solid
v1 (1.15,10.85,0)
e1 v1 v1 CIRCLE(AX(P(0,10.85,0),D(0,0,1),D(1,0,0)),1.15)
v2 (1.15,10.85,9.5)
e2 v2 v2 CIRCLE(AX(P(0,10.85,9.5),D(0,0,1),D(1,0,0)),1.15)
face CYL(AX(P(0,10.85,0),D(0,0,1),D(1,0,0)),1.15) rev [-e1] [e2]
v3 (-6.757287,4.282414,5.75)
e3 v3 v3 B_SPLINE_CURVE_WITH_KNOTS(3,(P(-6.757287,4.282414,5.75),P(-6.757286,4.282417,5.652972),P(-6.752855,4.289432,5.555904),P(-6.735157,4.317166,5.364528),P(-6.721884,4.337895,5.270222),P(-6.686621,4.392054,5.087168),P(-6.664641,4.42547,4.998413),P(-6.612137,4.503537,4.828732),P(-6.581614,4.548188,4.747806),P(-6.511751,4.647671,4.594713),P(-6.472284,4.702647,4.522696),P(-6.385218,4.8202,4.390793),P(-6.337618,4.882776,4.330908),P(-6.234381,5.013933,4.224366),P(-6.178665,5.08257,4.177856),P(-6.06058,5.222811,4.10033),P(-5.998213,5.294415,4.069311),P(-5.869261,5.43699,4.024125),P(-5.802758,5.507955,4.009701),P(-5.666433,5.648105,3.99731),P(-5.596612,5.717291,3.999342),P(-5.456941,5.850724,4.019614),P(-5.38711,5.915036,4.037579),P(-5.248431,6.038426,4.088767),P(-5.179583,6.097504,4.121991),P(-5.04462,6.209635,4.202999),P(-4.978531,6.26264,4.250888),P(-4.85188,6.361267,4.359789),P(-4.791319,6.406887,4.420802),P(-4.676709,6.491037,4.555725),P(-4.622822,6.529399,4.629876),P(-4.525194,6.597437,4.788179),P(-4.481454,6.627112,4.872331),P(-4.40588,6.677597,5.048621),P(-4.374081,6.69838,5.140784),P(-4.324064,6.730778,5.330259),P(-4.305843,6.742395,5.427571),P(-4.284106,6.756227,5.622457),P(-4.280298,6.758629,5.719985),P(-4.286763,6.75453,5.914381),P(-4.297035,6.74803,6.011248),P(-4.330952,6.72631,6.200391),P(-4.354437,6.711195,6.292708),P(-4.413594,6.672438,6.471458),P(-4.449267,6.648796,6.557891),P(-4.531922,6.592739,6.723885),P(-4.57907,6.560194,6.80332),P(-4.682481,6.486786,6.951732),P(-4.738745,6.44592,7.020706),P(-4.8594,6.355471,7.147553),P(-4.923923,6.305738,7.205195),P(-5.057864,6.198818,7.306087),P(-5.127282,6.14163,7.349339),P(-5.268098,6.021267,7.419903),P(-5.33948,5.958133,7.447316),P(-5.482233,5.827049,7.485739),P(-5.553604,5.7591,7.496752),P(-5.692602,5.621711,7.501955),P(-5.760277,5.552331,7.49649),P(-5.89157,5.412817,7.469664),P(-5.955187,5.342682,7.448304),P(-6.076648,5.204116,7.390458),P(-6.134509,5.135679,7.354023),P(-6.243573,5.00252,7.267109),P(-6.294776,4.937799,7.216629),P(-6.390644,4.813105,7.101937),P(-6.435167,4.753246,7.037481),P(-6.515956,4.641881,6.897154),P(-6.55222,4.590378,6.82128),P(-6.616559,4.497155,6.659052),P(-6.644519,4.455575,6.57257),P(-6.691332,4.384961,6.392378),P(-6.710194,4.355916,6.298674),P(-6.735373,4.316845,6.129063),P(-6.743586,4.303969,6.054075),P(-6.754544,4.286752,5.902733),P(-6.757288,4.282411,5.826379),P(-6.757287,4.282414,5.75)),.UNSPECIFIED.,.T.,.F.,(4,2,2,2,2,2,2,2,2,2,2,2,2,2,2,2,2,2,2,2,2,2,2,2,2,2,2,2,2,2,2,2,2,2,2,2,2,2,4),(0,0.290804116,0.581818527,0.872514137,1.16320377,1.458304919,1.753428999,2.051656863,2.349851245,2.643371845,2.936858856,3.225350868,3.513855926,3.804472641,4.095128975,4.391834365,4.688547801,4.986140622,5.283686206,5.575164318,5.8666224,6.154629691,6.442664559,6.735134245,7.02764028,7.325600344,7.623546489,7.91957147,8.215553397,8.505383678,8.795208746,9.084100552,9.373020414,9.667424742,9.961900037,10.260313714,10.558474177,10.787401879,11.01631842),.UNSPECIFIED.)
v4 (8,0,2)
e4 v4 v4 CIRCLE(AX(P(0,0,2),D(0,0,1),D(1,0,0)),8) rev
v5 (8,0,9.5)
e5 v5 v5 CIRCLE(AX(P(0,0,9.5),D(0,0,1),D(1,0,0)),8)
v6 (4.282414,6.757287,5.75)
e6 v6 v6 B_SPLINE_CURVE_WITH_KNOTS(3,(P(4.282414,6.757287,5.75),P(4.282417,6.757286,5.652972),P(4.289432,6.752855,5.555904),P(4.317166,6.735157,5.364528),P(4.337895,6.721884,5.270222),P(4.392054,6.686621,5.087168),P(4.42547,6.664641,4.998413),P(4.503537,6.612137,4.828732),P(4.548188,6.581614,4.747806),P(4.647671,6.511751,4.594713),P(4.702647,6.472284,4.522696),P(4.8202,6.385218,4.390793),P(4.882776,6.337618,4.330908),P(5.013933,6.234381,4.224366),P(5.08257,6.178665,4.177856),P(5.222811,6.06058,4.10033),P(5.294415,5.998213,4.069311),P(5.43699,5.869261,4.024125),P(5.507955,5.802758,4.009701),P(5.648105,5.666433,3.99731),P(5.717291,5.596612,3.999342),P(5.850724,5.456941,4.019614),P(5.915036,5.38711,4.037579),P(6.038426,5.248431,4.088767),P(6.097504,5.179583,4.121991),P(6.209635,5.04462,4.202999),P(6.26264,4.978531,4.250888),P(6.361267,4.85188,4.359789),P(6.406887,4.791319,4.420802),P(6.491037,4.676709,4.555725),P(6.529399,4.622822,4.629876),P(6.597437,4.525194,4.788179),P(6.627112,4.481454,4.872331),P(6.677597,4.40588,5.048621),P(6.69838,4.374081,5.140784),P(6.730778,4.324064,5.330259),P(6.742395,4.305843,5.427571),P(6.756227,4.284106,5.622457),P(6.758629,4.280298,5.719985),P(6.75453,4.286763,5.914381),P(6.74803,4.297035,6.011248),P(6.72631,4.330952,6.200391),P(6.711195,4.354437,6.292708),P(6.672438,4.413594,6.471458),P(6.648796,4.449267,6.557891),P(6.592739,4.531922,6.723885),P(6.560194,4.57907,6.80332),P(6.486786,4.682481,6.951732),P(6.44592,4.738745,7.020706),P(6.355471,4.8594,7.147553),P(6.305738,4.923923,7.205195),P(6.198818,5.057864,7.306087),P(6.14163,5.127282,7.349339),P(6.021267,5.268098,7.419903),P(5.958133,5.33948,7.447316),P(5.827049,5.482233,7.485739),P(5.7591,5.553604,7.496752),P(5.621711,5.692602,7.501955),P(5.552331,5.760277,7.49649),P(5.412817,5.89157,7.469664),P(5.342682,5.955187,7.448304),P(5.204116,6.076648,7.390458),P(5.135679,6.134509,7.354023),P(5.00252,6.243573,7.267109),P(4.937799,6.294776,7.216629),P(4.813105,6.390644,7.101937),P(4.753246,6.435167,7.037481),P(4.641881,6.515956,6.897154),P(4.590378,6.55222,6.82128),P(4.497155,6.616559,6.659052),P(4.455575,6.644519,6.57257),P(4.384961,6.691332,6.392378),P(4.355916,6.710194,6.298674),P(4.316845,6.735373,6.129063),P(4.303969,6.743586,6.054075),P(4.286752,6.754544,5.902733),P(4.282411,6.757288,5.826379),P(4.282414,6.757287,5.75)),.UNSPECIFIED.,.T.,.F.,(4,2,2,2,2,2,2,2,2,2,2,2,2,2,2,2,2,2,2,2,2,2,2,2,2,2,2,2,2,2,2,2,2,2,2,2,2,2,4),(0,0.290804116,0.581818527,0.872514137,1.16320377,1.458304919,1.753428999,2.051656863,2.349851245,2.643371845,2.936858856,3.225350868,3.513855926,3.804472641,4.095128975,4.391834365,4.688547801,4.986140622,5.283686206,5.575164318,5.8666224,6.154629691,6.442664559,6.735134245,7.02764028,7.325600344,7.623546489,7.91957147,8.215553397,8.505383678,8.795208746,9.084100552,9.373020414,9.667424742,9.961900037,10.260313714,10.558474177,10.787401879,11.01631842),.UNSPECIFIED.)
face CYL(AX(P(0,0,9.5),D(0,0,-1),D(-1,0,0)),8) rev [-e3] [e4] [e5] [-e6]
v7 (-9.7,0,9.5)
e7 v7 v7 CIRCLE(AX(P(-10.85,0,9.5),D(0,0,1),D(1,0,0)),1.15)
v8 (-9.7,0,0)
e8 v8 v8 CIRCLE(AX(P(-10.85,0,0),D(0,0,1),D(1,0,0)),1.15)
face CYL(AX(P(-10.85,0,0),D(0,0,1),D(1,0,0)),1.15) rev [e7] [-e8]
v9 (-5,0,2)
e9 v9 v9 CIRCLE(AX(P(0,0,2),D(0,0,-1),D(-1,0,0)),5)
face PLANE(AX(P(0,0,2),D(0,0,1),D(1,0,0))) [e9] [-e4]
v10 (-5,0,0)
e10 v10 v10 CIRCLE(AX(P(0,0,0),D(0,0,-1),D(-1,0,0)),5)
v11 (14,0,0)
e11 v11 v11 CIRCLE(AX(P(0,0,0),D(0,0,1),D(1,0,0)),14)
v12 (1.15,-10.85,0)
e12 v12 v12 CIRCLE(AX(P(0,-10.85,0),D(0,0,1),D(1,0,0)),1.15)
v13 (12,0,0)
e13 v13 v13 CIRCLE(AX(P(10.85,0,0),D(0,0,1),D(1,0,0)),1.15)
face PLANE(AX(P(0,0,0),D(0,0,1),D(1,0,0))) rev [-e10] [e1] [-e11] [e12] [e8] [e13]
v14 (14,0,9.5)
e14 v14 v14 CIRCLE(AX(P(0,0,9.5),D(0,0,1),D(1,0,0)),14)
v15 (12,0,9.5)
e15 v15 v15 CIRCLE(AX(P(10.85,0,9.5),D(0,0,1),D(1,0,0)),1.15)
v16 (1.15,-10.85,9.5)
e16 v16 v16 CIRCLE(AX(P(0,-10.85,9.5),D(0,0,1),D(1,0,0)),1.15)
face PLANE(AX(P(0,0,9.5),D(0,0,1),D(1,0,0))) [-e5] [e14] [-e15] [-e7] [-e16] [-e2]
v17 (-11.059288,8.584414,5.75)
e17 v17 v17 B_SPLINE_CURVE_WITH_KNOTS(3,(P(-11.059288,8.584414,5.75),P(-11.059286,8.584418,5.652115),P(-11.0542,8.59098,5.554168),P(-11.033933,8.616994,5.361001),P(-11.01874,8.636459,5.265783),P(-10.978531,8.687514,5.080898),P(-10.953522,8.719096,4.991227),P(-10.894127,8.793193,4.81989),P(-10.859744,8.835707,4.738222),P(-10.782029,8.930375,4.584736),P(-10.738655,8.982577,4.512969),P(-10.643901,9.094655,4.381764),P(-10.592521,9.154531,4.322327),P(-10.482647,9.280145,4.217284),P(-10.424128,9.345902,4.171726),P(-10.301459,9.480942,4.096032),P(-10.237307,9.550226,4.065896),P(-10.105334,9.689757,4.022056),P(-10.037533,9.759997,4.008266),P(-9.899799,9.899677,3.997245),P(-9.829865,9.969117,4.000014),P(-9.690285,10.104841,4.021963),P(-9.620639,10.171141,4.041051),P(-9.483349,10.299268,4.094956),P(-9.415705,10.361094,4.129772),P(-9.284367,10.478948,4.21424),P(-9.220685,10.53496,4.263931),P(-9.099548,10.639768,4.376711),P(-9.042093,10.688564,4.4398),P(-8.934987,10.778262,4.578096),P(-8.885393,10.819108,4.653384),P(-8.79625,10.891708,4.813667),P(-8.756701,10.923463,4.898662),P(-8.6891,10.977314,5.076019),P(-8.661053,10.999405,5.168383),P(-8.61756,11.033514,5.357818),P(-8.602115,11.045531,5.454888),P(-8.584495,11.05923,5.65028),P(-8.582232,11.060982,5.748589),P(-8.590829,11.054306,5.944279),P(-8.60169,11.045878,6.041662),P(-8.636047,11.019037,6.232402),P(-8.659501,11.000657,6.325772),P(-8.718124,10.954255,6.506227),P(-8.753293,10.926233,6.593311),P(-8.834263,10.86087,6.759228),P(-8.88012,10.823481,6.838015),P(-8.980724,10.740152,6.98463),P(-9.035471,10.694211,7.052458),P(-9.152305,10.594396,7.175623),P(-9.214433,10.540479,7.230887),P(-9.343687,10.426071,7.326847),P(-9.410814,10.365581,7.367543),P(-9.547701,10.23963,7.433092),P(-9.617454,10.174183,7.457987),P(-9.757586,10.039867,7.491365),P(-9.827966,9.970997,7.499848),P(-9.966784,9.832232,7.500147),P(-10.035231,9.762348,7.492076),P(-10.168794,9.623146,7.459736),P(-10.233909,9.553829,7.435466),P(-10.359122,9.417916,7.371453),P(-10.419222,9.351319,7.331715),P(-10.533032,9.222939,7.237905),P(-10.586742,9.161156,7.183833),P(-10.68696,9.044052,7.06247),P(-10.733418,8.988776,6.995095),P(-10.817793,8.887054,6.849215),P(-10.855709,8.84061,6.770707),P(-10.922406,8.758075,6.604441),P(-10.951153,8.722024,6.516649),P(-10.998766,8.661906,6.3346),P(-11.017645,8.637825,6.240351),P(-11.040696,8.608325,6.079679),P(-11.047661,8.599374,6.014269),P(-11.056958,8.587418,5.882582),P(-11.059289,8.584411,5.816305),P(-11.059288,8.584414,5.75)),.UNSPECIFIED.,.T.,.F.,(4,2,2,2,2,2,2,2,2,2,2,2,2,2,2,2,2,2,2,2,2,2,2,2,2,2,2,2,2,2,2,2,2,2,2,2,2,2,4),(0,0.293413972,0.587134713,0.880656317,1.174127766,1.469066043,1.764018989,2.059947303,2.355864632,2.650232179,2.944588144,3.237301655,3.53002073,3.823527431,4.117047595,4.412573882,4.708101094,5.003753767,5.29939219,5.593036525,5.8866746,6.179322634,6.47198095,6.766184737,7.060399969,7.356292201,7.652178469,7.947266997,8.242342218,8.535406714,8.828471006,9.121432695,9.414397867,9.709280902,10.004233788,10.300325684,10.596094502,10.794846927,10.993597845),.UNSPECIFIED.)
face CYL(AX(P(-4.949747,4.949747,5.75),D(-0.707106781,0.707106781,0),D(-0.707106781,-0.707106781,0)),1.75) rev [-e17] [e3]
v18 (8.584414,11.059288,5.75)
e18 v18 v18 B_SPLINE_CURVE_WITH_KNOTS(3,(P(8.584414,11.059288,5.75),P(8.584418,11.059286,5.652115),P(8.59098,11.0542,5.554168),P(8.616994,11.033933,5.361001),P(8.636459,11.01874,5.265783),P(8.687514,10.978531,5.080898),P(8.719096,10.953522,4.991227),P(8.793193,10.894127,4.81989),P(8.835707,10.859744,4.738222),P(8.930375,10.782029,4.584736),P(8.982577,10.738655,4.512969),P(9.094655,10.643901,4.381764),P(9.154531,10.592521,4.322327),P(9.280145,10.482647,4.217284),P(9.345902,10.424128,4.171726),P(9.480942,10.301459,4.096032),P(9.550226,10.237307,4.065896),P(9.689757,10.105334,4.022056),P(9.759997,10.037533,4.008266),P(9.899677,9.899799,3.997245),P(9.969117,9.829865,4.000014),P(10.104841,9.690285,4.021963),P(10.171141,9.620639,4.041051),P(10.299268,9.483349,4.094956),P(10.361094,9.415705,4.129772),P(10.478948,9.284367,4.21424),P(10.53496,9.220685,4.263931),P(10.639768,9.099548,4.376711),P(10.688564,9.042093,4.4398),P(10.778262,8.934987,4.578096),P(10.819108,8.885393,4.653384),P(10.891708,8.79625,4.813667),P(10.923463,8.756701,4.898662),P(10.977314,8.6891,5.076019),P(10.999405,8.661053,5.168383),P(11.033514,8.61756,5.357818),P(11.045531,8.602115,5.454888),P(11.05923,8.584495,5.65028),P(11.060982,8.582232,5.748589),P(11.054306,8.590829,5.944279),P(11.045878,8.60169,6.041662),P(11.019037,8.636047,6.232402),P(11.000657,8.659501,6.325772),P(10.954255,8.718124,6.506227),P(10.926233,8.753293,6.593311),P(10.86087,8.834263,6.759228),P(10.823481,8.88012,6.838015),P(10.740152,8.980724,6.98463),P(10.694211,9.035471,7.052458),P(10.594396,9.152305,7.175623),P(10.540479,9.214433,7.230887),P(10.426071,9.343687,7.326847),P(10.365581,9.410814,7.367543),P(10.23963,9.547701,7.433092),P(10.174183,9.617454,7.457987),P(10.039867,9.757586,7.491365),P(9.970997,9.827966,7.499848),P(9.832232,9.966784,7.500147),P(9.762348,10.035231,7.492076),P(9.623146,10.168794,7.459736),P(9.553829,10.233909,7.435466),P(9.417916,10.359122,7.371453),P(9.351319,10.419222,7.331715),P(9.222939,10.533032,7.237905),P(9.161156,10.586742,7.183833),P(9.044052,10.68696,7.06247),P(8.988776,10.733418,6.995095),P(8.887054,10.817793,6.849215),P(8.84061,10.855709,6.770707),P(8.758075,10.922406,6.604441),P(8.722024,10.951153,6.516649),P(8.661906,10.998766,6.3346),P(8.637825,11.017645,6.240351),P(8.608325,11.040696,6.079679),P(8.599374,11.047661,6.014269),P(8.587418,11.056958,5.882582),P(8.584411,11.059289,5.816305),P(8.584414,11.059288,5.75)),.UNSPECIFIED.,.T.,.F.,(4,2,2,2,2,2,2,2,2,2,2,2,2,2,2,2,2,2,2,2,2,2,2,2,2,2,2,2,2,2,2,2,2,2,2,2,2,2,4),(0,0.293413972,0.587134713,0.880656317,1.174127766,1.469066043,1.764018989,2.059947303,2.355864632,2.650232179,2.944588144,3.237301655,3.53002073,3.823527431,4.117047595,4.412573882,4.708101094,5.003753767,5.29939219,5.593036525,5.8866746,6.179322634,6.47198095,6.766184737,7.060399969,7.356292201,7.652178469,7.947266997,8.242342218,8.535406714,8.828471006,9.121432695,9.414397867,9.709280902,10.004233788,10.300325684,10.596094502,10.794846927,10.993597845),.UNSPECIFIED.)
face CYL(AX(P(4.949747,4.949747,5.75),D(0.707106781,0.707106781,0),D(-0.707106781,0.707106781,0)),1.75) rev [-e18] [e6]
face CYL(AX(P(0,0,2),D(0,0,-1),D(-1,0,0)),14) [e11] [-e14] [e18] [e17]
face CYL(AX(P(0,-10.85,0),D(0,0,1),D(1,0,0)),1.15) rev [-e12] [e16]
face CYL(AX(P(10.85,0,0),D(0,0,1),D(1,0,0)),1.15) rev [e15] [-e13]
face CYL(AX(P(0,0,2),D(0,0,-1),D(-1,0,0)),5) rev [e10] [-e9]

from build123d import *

# Parameters (mm, degrees)
SKETCH1_R           = 14
BOSS_EXTRUDE1_DEPTH = 2
SKETCH2_R           = 14
SKETCH2_R_2         = 8
BOSS_EXTRUDE2_DEPTH = 7.5
SKETCH3_R           = 5
CUT_EXTRUDE1_DEPTH  = 2
SKETCH5_R           = 1.15
CUT_EXTRUDE2_DEPTH  = 22.960191256
SKETCH7_R           = 1.75
CUT_EXTRUDE3_DEPTH  = 7
SKETCH9_R           = 1.75
CUT_EXTRUDE4_DEPTH  = 7


with BuildPart() as part:
    # Sketch1 → Boss-Extrude1 (new body)
    with BuildSketch(Plane.XY):
        Circle(SKETCH1_R)
    extrude(amount=BOSS_EXTRUDE1_DEPTH)

    # Sketch2 → Boss-Extrude2 (add)
    with BuildSketch(Plane.XY.offset(2)):
        Circle(SKETCH2_R)
        Circle(SKETCH2_R_2, mode=Mode.SUBTRACT)
    extrude(amount=BOSS_EXTRUDE2_DEPTH)

    # Sketch3 → Cut-Extrude1 (cut)
    with BuildSketch(Plane(origin=(0, 0, 0), x_dir=(-1, 0, 0), z_dir=(0, 0, -1))):
        Circle(SKETCH3_R)
    extrude(amount=-CUT_EXTRUDE1_DEPTH, mode=Mode.SUBTRACT)

    # Sketch5 → Cut-Extrude2 (cut, through all)
    with BuildSketch(Plane.XY.offset(9.5)):
        with Locations((0, 10.85)):
            Circle(SKETCH5_R)
        with Locations((10.85, 0)):
            Circle(SKETCH5_R)
        with Locations((0, -10.85)):
            Circle(SKETCH5_R)
        with Locations((-10.85, 0)):
            Circle(SKETCH5_R)
    extrude(amount=-CUT_EXTRUDE2_DEPTH, mode=Mode.SUBTRACT)

    # Sketch7 → Cut-Extrude3 (cut)
    with BuildSketch(Plane(origin=(9.899494937, 9.899494937, 0), x_dir=(0.7071067811865489, -0.7071067811865461, 0), z_dir=(0.7071067811865461, 0.7071067811865489, 0))):
        with Locations((0, -5.75)):
            Circle(SKETCH7_R)
    extrude(amount=-CUT_EXTRUDE3_DEPTH, mode=Mode.SUBTRACT)

    # Sketch9 → Cut-Extrude4 (cut)
    with BuildSketch(Plane(origin=(-9.899494937, 9.899494937, 0), x_dir=(0, 0, 1), z_dir=(-0.7071067811865489, 0.7071067811865462, 0))):
        with Locations((5.75, 0)):
            Circle(SKETCH9_R)
    extrude(amount=-CUT_EXTRUDE4_DEPTH, mode=Mode.SUBTRACT)


solid = part.part
